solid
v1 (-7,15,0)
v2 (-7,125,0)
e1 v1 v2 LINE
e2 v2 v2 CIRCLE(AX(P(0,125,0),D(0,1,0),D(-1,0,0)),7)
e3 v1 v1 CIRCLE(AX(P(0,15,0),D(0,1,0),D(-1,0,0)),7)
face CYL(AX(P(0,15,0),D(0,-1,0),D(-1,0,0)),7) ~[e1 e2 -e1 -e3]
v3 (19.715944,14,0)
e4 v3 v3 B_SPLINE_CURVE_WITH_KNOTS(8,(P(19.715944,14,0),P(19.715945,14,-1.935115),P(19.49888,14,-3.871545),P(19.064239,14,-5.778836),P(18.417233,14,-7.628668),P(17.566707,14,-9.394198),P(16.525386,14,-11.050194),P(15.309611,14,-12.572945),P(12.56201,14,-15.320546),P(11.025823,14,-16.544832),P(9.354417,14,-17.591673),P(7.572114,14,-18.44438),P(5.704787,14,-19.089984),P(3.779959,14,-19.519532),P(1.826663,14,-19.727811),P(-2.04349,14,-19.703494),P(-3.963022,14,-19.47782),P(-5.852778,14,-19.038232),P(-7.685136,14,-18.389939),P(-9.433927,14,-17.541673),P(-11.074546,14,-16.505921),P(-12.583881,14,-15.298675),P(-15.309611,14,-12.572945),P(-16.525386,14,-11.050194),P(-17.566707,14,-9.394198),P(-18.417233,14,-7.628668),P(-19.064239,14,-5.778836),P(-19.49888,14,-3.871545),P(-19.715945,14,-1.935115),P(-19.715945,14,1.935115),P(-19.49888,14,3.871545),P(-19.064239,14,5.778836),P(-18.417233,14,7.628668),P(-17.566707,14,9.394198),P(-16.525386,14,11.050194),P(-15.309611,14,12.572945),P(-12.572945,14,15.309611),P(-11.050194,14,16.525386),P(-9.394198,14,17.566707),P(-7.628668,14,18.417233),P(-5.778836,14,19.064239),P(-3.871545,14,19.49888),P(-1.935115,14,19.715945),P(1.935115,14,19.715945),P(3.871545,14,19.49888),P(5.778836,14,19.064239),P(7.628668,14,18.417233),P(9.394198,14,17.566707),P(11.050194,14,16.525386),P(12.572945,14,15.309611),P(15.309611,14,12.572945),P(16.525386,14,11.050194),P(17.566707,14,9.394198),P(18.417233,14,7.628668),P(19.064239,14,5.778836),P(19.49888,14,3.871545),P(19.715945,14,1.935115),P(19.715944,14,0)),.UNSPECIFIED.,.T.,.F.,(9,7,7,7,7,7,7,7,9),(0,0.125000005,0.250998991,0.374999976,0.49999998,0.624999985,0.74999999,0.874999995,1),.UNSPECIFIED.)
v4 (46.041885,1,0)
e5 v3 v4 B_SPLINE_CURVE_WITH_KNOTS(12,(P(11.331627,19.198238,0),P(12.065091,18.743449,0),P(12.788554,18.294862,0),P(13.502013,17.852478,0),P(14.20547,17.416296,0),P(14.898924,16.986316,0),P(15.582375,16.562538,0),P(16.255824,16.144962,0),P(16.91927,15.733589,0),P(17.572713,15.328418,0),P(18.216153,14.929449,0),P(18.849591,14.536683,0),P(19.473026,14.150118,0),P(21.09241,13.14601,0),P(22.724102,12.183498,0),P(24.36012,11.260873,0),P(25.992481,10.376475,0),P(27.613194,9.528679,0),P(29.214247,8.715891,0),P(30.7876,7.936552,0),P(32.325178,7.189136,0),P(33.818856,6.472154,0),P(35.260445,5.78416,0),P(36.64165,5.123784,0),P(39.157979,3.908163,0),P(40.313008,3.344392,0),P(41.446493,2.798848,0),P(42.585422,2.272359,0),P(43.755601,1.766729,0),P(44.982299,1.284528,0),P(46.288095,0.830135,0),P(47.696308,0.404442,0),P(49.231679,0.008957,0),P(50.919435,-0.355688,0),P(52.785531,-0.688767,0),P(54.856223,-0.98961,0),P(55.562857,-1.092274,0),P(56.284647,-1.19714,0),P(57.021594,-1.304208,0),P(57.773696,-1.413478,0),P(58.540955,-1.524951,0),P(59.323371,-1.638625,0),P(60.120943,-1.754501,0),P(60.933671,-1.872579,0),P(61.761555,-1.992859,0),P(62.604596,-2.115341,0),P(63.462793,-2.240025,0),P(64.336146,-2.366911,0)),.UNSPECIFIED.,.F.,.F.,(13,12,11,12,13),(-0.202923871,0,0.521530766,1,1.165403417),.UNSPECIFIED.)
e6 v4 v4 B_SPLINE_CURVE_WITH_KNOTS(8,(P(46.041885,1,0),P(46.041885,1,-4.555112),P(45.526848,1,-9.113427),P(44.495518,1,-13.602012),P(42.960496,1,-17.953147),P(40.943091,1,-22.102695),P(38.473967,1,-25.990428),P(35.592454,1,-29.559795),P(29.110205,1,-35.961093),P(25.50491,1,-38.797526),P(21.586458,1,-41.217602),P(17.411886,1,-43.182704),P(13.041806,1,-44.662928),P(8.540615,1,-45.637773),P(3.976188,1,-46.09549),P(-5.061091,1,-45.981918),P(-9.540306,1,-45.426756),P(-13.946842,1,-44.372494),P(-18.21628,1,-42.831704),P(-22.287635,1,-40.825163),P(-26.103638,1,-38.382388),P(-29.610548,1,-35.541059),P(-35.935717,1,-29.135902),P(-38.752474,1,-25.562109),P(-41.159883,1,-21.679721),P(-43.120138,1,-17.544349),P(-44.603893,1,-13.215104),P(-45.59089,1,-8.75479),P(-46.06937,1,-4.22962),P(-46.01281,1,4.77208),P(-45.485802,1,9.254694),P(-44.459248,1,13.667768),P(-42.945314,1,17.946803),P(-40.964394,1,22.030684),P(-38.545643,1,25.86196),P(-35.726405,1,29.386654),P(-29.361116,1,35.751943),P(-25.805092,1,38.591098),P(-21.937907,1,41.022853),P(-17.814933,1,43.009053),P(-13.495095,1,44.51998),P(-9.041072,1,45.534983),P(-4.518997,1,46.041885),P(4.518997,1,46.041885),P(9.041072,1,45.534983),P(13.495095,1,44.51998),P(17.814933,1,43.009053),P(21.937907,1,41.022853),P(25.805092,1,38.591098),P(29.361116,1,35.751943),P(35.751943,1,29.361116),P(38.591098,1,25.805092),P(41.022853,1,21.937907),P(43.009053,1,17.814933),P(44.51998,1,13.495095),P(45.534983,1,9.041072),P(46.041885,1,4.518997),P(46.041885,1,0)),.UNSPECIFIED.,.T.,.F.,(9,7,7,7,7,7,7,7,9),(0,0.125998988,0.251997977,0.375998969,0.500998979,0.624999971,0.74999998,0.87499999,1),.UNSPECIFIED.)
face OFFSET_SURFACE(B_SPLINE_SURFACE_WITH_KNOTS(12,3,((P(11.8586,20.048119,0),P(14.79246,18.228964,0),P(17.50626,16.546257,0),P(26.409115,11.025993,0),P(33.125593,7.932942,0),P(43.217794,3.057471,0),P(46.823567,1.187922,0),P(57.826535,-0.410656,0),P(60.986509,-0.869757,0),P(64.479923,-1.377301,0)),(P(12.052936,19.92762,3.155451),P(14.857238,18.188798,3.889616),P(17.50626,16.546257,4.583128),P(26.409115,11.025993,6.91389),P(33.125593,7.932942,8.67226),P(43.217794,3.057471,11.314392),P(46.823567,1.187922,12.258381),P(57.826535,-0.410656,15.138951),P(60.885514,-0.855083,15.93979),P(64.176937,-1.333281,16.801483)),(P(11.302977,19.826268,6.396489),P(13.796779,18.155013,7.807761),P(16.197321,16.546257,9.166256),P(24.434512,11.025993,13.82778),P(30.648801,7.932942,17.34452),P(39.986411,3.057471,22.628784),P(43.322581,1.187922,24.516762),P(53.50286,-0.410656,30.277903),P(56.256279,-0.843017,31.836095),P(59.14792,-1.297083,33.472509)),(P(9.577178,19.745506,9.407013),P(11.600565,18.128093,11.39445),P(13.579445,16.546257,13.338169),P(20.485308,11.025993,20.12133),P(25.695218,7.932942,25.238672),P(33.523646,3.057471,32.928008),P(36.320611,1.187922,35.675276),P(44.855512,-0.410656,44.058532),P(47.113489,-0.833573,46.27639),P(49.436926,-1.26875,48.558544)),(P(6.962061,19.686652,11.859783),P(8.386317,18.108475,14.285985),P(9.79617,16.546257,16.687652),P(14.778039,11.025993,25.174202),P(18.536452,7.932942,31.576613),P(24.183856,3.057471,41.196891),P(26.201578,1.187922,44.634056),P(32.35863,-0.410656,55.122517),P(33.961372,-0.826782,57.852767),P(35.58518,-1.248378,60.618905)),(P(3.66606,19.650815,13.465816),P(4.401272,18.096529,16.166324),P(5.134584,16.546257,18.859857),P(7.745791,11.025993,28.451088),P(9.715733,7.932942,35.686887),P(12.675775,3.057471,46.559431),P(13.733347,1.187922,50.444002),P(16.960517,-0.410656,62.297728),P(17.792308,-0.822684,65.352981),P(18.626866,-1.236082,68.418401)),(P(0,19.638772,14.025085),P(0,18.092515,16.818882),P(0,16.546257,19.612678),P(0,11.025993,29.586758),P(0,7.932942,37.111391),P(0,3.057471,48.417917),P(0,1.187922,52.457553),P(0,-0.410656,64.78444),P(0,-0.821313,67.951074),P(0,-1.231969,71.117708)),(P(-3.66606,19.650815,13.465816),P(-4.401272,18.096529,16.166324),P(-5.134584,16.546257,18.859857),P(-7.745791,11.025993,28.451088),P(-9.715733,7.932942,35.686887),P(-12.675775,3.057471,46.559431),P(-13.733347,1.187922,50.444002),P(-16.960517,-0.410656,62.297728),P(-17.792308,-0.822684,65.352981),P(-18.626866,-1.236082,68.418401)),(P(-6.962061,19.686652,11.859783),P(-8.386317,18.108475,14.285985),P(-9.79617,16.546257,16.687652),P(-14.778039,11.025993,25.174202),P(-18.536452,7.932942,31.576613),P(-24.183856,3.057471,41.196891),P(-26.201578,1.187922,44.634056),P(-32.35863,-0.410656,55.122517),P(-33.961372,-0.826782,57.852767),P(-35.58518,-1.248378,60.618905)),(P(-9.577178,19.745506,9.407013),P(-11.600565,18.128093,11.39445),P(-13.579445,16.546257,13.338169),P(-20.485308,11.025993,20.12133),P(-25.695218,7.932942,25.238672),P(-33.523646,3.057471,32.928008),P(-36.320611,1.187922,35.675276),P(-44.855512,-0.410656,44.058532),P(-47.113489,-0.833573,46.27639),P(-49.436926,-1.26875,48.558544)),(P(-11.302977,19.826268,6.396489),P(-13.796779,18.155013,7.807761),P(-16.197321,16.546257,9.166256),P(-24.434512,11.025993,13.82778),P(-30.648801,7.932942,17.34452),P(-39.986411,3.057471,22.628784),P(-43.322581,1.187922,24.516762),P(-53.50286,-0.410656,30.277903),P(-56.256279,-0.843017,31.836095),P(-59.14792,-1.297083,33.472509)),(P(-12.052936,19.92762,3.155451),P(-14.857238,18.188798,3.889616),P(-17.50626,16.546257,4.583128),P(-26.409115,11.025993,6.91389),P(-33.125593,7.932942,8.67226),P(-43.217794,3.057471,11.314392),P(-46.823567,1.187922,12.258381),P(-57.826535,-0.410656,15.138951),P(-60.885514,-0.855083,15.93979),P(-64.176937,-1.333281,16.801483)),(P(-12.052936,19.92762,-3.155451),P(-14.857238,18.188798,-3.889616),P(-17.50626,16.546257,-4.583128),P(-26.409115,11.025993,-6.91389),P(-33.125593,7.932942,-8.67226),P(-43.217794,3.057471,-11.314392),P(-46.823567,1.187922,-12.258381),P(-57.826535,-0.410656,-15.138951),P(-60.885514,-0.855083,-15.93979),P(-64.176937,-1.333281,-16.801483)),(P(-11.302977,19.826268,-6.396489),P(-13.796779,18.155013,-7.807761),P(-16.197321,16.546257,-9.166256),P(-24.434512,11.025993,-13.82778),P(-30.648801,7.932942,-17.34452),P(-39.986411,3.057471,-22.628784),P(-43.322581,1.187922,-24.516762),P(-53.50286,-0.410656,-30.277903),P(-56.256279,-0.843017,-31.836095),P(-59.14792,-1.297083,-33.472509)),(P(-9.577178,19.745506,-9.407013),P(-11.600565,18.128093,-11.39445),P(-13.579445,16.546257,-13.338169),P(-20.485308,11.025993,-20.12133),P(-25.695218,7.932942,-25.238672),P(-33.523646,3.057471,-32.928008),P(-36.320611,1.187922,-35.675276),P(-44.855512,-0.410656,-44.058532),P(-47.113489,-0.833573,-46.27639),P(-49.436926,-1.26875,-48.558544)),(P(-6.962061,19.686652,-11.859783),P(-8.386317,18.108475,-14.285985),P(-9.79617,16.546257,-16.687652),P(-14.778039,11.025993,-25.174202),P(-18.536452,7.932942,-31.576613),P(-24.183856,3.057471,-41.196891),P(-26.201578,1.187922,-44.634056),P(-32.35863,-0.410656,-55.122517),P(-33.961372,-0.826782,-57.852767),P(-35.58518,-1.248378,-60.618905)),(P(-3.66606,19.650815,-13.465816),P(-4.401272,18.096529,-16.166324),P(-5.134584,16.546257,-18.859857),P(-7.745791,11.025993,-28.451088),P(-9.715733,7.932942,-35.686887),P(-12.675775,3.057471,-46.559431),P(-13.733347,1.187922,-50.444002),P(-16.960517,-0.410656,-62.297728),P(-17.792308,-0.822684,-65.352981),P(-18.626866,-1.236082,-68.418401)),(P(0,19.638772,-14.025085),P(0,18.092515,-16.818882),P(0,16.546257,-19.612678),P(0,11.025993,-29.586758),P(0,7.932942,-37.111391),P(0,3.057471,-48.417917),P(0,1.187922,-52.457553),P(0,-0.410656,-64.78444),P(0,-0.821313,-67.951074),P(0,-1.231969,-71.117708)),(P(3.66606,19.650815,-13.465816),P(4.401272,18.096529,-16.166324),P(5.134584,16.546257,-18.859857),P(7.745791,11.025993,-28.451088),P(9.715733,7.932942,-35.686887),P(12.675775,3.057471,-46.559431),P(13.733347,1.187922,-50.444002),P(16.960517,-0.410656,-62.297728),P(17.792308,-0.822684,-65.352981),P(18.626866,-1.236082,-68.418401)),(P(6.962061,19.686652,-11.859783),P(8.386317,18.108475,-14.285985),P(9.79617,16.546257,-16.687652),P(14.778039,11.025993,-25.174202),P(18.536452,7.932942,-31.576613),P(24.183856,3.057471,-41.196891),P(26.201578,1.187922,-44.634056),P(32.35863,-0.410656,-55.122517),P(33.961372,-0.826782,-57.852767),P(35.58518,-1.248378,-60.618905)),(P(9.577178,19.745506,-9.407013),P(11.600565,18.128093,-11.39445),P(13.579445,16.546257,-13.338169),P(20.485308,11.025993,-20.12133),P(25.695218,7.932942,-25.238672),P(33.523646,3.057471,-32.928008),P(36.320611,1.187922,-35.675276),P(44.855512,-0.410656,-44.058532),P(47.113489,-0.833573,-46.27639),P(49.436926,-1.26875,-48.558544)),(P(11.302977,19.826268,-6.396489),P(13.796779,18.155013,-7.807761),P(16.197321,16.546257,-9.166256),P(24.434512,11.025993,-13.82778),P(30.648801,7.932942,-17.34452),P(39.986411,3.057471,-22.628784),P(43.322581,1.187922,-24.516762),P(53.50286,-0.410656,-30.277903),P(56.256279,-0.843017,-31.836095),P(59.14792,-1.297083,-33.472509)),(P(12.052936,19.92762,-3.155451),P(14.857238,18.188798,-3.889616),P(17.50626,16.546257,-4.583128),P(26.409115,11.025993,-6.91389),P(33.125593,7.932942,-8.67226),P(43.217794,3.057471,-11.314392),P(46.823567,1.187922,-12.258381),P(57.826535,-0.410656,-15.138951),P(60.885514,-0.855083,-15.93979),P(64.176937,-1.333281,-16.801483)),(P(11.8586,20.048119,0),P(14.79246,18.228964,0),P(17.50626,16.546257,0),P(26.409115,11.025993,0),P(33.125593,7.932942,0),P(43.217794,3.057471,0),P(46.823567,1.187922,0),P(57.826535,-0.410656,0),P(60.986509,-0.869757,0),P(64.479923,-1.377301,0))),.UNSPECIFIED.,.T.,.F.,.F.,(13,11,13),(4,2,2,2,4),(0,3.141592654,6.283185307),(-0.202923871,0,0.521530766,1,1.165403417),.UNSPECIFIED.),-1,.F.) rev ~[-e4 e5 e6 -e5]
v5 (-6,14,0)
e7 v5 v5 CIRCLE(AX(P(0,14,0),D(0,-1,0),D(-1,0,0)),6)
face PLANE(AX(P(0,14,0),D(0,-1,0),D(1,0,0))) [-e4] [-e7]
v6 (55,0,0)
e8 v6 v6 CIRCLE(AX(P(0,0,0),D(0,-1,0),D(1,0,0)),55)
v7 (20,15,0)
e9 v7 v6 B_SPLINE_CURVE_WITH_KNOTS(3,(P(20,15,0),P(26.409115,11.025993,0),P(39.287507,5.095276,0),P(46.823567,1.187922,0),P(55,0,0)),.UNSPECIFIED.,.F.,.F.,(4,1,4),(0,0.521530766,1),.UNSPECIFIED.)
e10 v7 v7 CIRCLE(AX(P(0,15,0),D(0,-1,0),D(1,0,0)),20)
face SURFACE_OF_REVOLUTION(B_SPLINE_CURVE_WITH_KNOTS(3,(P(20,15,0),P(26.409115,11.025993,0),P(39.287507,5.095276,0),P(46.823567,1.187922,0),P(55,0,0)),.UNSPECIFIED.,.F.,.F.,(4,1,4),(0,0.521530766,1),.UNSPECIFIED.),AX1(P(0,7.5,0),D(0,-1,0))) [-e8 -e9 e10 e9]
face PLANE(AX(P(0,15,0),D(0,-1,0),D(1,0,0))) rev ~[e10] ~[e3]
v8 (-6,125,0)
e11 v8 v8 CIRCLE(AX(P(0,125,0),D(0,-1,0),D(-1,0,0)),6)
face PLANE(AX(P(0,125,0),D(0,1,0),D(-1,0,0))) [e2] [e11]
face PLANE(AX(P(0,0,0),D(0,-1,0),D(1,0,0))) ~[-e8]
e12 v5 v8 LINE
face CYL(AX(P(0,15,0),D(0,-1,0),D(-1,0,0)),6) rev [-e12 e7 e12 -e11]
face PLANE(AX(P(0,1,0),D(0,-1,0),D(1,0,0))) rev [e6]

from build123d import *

# Parameters (mm, degrees)
F2_R     = 7
F3_DEPTH = 110
F4_T     = -1


with BuildPart() as f1:
    # F0 (on Top) → F1 (revolve)
    with BuildSketch(Plane.XY):
        with BuildLine():
            Line((20, 15), (0, 15))
            Line((0, 15), (0, 0))
            Line((0, 0), (55, 0))
            add(Edge.make_bspline(
                [(20, 15), (26.4091145129, 11.0259934035), (39.2875073258, 5.0952762992), (46.8235665253, 1.1879222139), (55, 0)],
                knots=[0, 0, 0, 0, 0.5215307658, 1, 1, 1, 1], degree=3))
        make_face()
    revolve(axis=Axis((0, 7.5, 0), (0, -1, 0)))

    # F2 (on face) → F3 (join)
    with BuildSketch(Plane(origin=(0, 15, 0), x_dir=(-1, 0, 0), z_dir=(0, 1, 0))):
        Circle(F2_R)
    extrude(amount=F3_DEPTH)

    # F4
    f4_openings = [f1.faces().sort_by_distance(p)[0] for p in [
        (0, 125, 0),
    ]]
    offset(amount=F4_T, openings=f4_openings, kind=Kind.INTERSECTION)


solid = f1.part
